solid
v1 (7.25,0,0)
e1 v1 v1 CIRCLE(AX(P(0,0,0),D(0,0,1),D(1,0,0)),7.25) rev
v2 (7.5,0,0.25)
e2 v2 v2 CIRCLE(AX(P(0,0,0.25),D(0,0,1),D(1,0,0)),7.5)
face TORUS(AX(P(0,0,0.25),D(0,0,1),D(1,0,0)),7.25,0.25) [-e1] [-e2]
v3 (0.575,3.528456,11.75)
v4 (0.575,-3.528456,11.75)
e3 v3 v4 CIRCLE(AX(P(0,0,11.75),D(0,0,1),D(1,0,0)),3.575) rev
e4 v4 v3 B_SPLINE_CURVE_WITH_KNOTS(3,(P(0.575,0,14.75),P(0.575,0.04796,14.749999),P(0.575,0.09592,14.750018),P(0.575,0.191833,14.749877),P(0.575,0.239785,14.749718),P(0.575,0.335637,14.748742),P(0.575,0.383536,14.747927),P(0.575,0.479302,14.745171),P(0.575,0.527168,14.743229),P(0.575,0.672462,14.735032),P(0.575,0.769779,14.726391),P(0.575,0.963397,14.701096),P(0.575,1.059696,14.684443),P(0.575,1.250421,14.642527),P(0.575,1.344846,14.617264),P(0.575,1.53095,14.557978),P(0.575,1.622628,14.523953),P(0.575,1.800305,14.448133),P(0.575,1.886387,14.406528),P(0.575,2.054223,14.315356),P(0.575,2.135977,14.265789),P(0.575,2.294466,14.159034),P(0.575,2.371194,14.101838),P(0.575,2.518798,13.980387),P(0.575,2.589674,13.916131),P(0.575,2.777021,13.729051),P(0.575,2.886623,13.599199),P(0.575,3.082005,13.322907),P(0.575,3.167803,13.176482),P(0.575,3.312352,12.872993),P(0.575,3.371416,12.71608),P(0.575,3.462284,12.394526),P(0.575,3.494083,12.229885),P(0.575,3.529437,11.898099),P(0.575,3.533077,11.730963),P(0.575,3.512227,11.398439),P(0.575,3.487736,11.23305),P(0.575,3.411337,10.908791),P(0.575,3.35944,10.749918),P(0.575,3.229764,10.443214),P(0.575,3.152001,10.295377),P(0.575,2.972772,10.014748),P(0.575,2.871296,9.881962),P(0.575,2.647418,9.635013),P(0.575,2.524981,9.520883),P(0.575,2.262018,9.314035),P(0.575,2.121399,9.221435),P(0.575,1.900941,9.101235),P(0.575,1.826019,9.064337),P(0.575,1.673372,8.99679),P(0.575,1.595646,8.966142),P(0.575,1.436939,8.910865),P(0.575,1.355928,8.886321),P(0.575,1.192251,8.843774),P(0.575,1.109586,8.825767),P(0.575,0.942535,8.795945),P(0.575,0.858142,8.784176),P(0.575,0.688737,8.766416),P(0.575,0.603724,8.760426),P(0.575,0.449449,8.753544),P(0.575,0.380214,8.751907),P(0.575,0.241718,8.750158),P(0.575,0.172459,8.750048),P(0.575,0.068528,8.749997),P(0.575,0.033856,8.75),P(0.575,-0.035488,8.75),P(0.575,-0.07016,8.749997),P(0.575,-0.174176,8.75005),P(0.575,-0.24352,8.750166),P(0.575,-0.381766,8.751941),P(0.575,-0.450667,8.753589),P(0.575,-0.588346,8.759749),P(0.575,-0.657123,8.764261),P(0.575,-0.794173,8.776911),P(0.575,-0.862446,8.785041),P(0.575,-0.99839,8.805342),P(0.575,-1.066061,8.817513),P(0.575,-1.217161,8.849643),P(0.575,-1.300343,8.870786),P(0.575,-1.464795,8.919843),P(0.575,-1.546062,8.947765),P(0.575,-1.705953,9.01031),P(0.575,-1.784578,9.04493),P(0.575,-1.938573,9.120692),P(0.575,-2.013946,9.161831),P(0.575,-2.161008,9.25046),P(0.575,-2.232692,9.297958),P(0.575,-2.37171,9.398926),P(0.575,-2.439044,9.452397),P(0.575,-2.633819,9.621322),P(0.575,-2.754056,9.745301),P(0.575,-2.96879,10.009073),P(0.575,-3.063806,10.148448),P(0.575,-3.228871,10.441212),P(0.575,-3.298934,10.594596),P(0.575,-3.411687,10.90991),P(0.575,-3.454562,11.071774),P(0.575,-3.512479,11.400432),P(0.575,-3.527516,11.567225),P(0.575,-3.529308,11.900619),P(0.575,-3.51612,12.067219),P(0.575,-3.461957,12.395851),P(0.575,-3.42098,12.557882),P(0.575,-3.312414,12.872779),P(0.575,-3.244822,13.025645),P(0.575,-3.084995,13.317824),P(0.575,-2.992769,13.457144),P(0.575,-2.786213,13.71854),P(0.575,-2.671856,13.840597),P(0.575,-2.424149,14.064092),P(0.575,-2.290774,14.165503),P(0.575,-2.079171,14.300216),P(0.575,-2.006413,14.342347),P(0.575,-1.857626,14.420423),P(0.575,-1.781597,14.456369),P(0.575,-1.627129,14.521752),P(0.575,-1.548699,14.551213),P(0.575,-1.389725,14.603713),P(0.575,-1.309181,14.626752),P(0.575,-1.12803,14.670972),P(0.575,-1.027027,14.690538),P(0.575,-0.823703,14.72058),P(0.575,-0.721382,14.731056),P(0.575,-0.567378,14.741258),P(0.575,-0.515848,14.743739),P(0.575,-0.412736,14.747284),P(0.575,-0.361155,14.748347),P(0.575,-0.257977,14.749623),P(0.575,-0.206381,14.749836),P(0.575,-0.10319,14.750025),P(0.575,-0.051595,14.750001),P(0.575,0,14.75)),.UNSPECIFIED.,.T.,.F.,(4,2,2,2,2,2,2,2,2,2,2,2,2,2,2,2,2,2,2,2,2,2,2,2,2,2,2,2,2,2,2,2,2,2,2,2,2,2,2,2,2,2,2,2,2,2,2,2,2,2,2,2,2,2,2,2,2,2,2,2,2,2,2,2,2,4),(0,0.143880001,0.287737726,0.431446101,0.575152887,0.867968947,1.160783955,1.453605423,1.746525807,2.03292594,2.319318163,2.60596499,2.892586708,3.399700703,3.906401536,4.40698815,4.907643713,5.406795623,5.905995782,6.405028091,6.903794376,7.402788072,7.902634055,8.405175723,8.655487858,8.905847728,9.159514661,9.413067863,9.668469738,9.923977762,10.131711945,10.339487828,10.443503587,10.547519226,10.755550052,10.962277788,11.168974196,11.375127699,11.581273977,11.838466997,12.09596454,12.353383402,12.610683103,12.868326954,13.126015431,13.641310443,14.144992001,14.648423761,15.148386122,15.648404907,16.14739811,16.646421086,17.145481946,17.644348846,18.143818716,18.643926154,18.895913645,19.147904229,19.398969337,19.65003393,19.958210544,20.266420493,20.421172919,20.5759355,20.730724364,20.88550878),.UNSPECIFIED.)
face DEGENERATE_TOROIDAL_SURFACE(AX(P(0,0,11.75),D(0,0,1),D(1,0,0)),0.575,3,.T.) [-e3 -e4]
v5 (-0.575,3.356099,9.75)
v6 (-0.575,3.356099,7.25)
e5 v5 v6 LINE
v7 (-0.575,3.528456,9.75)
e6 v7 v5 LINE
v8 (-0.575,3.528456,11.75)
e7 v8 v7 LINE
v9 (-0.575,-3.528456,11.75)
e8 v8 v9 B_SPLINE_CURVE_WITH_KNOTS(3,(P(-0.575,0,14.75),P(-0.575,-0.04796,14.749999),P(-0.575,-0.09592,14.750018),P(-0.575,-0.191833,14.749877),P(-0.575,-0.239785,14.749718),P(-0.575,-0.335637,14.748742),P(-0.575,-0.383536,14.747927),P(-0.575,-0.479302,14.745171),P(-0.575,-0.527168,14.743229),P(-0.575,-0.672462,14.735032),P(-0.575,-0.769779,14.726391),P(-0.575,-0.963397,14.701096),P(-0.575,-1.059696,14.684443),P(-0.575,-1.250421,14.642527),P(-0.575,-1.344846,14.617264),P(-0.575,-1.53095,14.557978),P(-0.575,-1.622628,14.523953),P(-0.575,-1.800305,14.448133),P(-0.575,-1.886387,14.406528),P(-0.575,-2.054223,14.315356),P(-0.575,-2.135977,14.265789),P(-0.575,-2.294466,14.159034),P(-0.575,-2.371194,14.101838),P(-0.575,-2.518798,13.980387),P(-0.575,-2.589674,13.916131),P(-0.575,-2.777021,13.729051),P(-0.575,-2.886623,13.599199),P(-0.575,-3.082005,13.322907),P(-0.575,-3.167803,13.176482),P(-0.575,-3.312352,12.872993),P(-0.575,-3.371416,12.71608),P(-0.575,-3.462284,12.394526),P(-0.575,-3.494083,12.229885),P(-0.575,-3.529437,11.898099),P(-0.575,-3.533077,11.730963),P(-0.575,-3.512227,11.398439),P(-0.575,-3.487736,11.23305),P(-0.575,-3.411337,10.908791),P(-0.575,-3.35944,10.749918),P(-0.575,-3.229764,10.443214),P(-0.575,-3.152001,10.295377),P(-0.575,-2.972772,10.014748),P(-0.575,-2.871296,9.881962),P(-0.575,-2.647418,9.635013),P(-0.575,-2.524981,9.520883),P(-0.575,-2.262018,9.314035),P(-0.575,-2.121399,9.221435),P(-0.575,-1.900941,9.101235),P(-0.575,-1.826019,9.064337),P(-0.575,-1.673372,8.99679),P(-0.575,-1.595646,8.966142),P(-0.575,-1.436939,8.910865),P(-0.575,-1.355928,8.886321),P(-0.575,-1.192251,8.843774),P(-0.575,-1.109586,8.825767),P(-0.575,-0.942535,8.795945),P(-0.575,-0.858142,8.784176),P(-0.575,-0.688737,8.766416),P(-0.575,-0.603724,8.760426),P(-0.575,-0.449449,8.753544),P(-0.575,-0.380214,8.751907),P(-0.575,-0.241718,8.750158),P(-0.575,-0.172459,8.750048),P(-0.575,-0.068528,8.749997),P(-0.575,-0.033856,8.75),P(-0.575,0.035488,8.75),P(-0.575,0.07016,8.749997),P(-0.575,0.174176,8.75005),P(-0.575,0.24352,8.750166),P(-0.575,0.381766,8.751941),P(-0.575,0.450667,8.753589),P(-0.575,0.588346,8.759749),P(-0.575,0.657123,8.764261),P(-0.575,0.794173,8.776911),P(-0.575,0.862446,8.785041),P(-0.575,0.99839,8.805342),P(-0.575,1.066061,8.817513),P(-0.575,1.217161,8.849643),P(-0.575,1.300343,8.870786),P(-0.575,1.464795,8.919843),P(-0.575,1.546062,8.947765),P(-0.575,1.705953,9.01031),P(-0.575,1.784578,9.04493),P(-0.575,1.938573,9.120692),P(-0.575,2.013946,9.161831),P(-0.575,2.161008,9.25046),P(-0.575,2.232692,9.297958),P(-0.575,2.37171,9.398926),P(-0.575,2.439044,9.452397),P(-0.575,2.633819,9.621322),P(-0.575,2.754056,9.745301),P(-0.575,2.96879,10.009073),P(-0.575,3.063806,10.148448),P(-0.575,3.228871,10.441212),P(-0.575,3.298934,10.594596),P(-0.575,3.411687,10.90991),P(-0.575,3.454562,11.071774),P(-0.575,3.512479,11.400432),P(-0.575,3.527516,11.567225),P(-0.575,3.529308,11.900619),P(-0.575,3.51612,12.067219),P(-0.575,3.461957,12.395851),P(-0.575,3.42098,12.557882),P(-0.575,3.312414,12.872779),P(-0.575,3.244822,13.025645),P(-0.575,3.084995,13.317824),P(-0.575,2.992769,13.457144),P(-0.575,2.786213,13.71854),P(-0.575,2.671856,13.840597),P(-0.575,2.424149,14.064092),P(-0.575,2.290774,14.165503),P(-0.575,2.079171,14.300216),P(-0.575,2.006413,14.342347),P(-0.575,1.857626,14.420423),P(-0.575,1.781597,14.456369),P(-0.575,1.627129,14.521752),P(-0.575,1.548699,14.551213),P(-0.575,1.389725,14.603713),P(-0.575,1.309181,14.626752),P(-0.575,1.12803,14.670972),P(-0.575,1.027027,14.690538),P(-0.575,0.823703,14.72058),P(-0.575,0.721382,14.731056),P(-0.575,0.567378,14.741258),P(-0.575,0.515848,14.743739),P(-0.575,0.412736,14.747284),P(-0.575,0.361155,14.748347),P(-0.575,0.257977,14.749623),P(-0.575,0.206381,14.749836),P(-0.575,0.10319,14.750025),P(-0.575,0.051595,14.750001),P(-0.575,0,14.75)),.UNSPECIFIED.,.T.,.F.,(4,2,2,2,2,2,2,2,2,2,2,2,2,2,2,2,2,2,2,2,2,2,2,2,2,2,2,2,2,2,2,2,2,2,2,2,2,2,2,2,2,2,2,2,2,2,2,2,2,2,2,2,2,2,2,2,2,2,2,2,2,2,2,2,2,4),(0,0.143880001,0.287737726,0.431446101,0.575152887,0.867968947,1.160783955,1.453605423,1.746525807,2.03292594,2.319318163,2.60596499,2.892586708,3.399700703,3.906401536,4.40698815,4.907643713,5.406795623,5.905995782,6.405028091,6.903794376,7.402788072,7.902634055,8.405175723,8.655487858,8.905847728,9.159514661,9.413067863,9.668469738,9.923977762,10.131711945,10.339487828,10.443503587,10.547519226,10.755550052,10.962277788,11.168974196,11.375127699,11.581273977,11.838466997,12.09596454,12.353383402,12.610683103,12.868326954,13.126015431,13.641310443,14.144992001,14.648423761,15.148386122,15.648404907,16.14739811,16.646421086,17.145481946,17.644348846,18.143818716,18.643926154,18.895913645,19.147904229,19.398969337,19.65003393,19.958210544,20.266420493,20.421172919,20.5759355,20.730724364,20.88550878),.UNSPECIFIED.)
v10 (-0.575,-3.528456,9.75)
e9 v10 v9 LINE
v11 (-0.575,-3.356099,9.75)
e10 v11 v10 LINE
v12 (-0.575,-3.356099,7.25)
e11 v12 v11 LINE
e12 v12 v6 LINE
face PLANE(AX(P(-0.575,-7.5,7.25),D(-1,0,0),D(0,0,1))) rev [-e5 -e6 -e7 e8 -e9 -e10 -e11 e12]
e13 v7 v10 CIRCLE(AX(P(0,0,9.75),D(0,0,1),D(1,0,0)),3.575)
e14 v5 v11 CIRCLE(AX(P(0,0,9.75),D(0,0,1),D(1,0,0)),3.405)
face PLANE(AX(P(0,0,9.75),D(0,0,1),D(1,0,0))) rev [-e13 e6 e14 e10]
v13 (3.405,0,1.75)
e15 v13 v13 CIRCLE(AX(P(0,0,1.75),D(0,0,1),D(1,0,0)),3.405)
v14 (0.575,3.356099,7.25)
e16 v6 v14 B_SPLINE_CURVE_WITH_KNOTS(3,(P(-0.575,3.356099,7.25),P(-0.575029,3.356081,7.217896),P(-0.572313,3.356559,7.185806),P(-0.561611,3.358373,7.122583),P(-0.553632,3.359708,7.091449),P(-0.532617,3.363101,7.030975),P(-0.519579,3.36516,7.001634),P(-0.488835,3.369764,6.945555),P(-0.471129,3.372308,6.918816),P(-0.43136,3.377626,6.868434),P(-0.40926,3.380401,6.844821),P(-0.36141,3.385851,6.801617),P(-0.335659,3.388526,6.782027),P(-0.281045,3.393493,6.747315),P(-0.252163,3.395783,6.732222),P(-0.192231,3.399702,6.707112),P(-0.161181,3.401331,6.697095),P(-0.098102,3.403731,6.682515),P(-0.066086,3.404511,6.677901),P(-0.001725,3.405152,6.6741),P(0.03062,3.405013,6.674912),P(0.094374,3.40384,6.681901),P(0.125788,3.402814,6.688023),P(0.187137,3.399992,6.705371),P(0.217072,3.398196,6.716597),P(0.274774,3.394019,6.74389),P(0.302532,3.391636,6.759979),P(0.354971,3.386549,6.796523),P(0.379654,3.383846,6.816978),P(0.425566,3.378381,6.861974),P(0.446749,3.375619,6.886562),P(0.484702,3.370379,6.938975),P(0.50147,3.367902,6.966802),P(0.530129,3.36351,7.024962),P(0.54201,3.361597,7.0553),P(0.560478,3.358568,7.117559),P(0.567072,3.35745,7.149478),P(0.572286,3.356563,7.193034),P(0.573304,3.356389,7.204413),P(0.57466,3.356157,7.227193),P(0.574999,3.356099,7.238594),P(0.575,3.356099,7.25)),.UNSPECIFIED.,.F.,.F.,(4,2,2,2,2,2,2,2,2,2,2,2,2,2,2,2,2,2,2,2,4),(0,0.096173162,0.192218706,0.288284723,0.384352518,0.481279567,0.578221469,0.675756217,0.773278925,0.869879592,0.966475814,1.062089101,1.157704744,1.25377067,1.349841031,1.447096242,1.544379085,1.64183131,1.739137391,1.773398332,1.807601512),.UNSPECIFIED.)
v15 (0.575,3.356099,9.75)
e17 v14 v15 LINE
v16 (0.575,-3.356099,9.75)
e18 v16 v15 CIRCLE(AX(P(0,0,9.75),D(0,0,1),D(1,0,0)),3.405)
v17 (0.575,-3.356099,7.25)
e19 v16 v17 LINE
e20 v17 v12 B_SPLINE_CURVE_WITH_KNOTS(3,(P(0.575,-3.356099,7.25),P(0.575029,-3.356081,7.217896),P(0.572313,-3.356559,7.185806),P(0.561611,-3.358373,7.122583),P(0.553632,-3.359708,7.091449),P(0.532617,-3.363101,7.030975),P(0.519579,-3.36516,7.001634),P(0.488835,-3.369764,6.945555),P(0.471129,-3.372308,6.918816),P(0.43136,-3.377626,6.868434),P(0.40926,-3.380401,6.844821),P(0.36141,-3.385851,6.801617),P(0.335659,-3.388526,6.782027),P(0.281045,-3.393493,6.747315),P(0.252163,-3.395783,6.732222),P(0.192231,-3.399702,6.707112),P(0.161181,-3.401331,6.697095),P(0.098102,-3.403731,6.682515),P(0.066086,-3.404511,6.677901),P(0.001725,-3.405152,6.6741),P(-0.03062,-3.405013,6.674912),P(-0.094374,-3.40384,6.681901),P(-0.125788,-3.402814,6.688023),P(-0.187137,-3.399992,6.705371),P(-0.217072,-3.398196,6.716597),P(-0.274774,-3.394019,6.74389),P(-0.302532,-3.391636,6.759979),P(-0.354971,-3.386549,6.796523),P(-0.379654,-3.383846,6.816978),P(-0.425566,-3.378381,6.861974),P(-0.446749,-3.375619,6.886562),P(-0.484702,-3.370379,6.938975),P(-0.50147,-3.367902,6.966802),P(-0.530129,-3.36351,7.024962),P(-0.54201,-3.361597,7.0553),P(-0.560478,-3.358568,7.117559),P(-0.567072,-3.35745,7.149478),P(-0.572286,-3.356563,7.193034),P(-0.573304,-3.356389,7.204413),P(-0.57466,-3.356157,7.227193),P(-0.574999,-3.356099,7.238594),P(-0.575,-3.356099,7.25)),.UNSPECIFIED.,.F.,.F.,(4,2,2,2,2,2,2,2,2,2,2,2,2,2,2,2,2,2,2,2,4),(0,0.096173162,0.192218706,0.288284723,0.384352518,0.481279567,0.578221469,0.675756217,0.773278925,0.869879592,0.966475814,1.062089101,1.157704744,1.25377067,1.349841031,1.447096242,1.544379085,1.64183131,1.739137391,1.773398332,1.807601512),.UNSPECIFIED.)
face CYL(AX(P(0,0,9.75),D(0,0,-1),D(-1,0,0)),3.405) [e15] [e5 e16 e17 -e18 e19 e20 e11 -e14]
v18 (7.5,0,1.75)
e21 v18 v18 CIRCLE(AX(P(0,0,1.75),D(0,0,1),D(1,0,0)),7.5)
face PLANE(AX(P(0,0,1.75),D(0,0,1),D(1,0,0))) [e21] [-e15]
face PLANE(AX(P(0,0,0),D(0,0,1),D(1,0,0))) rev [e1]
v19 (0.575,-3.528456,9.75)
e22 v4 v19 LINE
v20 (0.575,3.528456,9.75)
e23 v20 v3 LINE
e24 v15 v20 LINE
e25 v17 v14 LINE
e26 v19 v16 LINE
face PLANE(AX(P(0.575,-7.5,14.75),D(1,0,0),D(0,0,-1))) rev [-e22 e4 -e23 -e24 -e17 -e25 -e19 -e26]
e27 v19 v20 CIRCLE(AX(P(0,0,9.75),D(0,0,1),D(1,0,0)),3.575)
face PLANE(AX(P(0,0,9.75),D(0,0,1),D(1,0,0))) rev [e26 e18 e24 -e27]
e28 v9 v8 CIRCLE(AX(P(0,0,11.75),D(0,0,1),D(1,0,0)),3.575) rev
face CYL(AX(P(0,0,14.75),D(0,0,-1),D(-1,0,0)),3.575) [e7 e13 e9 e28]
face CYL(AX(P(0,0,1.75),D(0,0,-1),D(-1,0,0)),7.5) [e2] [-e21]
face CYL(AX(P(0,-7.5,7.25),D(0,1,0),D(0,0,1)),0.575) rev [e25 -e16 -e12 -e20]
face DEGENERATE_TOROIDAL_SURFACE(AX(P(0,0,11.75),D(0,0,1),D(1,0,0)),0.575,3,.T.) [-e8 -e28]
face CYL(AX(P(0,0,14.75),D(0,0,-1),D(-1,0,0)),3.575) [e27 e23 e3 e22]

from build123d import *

# Parameters (mm, degrees)
SKETCH2_R               = 7.5
BOSS_EXTRUDE1_DEPTH     = 1.75
FILLET1_R               = 0.25
SKETCH3_R               = 3.405
BOSS_EXTRUDE2_DEPTH     = 8
SKETCH4_R               = 3.575
BOSS_EXTRUDE3_DEPTH     = 5
FILLET3_R               = 3
CUT_EXTRUDE1_DEPTH      = 19.167622299
CUT_EXTRUDE1_DEPTH_BACK = 19.167622299


with BuildPart() as part:
    # Sketch2 → Boss-Extrude1 (new body)
    with BuildSketch(Plane.XY):
        Circle(SKETCH2_R)
    extrude(amount=BOSS_EXTRUDE1_DEPTH)

    # Fillet1
    fillet1_edges = [part.edges().sort_by_distance(p)[0] for p in [
        (-7.5, 0, 0),
    ]]
    fillet(fillet1_edges, radius=FILLET1_R)

    # Sketch3 → Boss-Extrude2 (add)
    with BuildSketch(Plane.XY.offset(1.75)):
        Circle(SKETCH3_R)
    extrude(amount=BOSS_EXTRUDE2_DEPTH)

    # Sketch4 → Boss-Extrude3 (add)
    with BuildSketch(Plane.XY.offset(9.75)):
        Circle(SKETCH4_R)
    extrude(amount=BOSS_EXTRUDE3_DEPTH)

    # Fillet3
    fillet3_edges = [part.edges().sort_by_distance(p)[0] for p in [
        (-3.575, 0, 14.75),
    ]]
    fillet(fillet3_edges, radius=FILLET3_R)

    # Sketch5 → Cut-Extrude1 (cut, two sides: drawn at the far end of the back side and taken through both)
    with BuildSketch(Plane(origin=(0, 0, 0), x_dir=(1, 0, 0), z_dir=(0, 1, 0)).offset(-CUT_EXTRUDE1_DEPTH_BACK)):
        with BuildLine():
            Line((0.575, -14.75), (0.575, -7.25))
            ThreePointArc((0.575, -7.25), (0, -6.675), (-0.575, -7.25))
            Line((-0.575, -7.25), (-0.575, -14.75))
            Line((-0.575, -14.75), (0.575, -14.75))
        make_face()
    extrude(amount=CUT_EXTRUDE1_DEPTH + CUT_EXTRUDE1_DEPTH_BACK, mode=Mode.SUBTRACT)


solid = part.part
